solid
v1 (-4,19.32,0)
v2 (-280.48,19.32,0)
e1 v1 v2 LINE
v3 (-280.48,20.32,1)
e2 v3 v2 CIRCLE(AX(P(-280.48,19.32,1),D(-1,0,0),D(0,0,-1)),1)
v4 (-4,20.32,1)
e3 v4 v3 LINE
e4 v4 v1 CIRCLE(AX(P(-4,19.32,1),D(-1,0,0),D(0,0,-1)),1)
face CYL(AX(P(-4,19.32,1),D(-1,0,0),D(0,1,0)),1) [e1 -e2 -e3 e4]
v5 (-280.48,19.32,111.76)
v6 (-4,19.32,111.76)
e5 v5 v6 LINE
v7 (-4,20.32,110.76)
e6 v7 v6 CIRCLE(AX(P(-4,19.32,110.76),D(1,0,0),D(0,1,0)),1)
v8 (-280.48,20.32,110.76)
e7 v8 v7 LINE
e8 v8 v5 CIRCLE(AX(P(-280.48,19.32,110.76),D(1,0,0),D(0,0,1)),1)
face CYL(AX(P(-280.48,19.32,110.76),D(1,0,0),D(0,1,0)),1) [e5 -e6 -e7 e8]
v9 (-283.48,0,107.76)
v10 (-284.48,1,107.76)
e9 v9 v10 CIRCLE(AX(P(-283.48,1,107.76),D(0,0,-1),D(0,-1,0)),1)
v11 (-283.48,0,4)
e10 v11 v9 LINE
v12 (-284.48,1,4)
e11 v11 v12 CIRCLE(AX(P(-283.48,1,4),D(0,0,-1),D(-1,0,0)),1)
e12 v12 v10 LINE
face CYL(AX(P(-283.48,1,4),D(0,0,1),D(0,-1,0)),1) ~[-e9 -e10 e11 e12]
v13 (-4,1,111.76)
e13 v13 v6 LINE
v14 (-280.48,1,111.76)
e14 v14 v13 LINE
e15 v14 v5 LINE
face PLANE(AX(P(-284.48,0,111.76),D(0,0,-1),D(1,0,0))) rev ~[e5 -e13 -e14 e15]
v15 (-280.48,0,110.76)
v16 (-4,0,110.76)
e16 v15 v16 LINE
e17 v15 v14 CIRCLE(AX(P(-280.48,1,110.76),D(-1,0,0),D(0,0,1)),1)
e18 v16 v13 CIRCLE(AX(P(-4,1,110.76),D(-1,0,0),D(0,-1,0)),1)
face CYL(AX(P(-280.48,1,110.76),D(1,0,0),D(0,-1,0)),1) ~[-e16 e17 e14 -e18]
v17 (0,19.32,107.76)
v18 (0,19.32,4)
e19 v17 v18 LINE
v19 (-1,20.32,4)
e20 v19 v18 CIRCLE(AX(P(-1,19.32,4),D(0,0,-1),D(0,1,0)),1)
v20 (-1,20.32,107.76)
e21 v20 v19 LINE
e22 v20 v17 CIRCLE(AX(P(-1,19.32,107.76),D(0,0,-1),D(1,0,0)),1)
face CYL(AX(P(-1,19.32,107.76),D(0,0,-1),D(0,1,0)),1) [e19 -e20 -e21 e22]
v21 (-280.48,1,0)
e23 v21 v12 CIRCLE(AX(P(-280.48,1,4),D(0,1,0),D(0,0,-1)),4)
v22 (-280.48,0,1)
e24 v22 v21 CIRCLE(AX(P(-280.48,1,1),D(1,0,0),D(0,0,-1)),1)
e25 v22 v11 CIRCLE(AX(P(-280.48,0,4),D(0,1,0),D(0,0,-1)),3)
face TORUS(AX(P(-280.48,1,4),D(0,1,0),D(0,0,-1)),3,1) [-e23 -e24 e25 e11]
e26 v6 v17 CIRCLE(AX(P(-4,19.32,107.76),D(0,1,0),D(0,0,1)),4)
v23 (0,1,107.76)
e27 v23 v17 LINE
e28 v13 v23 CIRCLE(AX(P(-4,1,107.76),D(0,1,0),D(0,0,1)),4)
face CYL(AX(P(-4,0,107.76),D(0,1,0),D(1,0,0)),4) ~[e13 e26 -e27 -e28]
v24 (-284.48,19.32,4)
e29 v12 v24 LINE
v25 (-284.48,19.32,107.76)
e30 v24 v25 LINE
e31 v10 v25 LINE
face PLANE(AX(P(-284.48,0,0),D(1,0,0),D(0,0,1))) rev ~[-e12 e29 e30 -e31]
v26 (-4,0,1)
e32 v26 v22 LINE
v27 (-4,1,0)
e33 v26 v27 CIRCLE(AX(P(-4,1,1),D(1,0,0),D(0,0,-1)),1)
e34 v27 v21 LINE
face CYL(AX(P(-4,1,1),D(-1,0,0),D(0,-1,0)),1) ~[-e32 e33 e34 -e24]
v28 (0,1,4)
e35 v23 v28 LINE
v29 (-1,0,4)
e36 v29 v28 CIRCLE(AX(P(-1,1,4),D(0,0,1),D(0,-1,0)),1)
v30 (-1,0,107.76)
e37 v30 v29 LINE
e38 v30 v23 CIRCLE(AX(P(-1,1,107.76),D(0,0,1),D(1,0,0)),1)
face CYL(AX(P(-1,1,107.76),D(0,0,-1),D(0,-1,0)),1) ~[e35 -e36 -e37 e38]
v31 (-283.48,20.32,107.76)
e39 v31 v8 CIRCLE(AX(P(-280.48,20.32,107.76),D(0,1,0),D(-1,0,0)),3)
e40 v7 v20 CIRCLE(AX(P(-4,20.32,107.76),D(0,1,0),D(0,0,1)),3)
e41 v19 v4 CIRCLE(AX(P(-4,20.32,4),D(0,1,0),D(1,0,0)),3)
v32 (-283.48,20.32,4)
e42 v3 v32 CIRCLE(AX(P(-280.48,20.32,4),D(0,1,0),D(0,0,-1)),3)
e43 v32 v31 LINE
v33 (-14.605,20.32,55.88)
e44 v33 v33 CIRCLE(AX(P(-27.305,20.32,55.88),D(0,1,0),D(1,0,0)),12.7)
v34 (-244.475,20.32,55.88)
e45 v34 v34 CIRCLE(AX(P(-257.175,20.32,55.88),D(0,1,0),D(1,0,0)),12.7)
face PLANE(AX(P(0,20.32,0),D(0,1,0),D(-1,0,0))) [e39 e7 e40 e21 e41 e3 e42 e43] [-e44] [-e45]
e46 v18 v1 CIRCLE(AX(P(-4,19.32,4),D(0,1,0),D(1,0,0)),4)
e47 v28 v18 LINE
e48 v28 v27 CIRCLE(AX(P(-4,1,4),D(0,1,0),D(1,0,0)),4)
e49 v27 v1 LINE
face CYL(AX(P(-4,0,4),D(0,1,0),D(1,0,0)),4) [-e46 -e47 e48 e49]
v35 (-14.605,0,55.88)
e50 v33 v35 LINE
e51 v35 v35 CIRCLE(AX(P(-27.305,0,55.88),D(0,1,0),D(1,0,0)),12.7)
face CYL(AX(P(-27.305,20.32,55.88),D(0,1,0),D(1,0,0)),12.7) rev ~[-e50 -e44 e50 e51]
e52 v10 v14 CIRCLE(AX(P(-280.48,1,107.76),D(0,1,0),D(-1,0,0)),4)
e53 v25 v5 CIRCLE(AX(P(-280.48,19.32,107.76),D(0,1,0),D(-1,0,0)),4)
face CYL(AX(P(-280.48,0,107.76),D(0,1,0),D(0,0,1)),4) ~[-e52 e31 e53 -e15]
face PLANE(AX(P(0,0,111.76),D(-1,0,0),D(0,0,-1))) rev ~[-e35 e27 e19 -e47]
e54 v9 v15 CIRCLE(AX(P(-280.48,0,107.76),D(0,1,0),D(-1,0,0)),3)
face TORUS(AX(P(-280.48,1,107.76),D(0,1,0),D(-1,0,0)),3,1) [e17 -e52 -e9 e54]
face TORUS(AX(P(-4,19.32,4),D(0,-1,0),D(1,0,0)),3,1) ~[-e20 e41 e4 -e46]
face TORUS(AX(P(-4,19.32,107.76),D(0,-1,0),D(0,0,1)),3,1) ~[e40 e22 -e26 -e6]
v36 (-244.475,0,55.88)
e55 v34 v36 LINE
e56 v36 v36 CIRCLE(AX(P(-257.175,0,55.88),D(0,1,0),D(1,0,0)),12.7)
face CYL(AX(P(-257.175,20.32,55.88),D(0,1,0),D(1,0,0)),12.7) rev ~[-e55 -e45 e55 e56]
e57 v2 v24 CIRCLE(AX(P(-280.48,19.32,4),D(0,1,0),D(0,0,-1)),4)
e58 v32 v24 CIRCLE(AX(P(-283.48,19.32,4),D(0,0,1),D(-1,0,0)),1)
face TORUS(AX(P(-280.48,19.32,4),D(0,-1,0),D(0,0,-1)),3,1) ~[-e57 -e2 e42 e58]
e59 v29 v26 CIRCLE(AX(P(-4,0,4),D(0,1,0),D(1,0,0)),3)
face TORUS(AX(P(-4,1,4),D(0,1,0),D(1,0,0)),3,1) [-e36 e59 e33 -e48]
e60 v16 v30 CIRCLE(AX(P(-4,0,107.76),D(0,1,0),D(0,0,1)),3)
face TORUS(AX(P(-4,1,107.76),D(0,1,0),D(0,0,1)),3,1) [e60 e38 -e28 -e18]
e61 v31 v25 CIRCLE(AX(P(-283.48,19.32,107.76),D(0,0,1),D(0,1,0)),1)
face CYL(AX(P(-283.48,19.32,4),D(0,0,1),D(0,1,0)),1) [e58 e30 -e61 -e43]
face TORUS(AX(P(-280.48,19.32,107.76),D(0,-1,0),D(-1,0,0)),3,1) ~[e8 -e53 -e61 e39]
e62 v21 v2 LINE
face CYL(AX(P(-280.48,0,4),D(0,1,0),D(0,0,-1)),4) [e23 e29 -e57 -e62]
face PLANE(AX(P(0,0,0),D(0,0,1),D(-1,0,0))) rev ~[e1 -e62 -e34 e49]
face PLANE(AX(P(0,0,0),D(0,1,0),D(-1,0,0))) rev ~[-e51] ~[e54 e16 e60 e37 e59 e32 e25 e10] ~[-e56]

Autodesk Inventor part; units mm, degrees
ref_plane "YZ Plane" through (0, 0, 0) normal (1, 0, 0) x (0, 1, 0)
ref_plane "XZ Plane" through (0, 0, 0) normal (0, 1, 0) x (-1, 0, 0)
ref_plane "XY Plane" through (0, 0, 0) normal (0, 0, 1) x (1, 0, 0)
sketch "Sketch1" plane through (0, 0, 0) normal (0, 1, 0) x (-1, 0, 0)
  line L0 (0, 0) -> (284.48, 0)
  line L1 (284.48, 0) -> (284.48, 111.76)
  line L2 (284.48, 111.76) -> (0, 111.76)
  line L3 (0, 111.76) -> (0, 0)
  dimension "d0" = 284.48
  dimension "d1" = 111.76
extrude "Extrusion1" add sketch "Sketch1" along normal blind 20.32
sketch "Sketch2" plane through (0, 20.32, 0) normal (0, 1, 0) x (1, 0, 0)
  line L0 (-284.48, 0) -> (-284.48, -111.76) projected
  line L1 (0, -111.76) -> (0, 0) projected
  line L2 (-284.48, -55.88) -> (-257.175, -55.88) construction
  line L3 (0, -55.88) -> (-27.305, -55.88) construction
  circle A0 centre (-27.305, -55.88) radius 12.7
  circle A1 centre (-257.175, -55.88) radius 12.7
  dimension "d4" = 27.305
  dimension "d5" = 27.305
  dimension "d6" = 25.4
  dimension "d7" = 25.4
extrude "Extrusion2" cut sketch "Sketch2" against normal blind 20.32
fillet "Fillet1" radius 4 4 edges at (-284.48, 10.16, 111.76) (-284.48, 10.16, 0) (0, 10.16, 111.76) (0, 10.16, 0)
fillet "Fillet2" radius 1 16 edges at (-283.3084, 0, 1.1716) (-284.48, 0, 55.88) (-283.3084, 0, 110.5884) (-142.24, 0, 111.76) (-1.1716, 0, 110.5884) (0, 0, 55.88) (-1.1716, 0, 1.1716) (-142.24, 0, 0) (-283.3084, 20.32, 1.1716) (-284.48, 20.32, 55.88) (-283.3084, 20.32, 110.5884) (-142.24, 20.32, 111.76) (-1.1716, 20.32, 110.5884) (0, 20.32, 55.88) (-1.1716, 20.32, 1.1716) (-142.24, 20.32, 0)
equation "\"d5\" = d4"
properties part number "CIM Mount Top" material "Aluminum 6061"
